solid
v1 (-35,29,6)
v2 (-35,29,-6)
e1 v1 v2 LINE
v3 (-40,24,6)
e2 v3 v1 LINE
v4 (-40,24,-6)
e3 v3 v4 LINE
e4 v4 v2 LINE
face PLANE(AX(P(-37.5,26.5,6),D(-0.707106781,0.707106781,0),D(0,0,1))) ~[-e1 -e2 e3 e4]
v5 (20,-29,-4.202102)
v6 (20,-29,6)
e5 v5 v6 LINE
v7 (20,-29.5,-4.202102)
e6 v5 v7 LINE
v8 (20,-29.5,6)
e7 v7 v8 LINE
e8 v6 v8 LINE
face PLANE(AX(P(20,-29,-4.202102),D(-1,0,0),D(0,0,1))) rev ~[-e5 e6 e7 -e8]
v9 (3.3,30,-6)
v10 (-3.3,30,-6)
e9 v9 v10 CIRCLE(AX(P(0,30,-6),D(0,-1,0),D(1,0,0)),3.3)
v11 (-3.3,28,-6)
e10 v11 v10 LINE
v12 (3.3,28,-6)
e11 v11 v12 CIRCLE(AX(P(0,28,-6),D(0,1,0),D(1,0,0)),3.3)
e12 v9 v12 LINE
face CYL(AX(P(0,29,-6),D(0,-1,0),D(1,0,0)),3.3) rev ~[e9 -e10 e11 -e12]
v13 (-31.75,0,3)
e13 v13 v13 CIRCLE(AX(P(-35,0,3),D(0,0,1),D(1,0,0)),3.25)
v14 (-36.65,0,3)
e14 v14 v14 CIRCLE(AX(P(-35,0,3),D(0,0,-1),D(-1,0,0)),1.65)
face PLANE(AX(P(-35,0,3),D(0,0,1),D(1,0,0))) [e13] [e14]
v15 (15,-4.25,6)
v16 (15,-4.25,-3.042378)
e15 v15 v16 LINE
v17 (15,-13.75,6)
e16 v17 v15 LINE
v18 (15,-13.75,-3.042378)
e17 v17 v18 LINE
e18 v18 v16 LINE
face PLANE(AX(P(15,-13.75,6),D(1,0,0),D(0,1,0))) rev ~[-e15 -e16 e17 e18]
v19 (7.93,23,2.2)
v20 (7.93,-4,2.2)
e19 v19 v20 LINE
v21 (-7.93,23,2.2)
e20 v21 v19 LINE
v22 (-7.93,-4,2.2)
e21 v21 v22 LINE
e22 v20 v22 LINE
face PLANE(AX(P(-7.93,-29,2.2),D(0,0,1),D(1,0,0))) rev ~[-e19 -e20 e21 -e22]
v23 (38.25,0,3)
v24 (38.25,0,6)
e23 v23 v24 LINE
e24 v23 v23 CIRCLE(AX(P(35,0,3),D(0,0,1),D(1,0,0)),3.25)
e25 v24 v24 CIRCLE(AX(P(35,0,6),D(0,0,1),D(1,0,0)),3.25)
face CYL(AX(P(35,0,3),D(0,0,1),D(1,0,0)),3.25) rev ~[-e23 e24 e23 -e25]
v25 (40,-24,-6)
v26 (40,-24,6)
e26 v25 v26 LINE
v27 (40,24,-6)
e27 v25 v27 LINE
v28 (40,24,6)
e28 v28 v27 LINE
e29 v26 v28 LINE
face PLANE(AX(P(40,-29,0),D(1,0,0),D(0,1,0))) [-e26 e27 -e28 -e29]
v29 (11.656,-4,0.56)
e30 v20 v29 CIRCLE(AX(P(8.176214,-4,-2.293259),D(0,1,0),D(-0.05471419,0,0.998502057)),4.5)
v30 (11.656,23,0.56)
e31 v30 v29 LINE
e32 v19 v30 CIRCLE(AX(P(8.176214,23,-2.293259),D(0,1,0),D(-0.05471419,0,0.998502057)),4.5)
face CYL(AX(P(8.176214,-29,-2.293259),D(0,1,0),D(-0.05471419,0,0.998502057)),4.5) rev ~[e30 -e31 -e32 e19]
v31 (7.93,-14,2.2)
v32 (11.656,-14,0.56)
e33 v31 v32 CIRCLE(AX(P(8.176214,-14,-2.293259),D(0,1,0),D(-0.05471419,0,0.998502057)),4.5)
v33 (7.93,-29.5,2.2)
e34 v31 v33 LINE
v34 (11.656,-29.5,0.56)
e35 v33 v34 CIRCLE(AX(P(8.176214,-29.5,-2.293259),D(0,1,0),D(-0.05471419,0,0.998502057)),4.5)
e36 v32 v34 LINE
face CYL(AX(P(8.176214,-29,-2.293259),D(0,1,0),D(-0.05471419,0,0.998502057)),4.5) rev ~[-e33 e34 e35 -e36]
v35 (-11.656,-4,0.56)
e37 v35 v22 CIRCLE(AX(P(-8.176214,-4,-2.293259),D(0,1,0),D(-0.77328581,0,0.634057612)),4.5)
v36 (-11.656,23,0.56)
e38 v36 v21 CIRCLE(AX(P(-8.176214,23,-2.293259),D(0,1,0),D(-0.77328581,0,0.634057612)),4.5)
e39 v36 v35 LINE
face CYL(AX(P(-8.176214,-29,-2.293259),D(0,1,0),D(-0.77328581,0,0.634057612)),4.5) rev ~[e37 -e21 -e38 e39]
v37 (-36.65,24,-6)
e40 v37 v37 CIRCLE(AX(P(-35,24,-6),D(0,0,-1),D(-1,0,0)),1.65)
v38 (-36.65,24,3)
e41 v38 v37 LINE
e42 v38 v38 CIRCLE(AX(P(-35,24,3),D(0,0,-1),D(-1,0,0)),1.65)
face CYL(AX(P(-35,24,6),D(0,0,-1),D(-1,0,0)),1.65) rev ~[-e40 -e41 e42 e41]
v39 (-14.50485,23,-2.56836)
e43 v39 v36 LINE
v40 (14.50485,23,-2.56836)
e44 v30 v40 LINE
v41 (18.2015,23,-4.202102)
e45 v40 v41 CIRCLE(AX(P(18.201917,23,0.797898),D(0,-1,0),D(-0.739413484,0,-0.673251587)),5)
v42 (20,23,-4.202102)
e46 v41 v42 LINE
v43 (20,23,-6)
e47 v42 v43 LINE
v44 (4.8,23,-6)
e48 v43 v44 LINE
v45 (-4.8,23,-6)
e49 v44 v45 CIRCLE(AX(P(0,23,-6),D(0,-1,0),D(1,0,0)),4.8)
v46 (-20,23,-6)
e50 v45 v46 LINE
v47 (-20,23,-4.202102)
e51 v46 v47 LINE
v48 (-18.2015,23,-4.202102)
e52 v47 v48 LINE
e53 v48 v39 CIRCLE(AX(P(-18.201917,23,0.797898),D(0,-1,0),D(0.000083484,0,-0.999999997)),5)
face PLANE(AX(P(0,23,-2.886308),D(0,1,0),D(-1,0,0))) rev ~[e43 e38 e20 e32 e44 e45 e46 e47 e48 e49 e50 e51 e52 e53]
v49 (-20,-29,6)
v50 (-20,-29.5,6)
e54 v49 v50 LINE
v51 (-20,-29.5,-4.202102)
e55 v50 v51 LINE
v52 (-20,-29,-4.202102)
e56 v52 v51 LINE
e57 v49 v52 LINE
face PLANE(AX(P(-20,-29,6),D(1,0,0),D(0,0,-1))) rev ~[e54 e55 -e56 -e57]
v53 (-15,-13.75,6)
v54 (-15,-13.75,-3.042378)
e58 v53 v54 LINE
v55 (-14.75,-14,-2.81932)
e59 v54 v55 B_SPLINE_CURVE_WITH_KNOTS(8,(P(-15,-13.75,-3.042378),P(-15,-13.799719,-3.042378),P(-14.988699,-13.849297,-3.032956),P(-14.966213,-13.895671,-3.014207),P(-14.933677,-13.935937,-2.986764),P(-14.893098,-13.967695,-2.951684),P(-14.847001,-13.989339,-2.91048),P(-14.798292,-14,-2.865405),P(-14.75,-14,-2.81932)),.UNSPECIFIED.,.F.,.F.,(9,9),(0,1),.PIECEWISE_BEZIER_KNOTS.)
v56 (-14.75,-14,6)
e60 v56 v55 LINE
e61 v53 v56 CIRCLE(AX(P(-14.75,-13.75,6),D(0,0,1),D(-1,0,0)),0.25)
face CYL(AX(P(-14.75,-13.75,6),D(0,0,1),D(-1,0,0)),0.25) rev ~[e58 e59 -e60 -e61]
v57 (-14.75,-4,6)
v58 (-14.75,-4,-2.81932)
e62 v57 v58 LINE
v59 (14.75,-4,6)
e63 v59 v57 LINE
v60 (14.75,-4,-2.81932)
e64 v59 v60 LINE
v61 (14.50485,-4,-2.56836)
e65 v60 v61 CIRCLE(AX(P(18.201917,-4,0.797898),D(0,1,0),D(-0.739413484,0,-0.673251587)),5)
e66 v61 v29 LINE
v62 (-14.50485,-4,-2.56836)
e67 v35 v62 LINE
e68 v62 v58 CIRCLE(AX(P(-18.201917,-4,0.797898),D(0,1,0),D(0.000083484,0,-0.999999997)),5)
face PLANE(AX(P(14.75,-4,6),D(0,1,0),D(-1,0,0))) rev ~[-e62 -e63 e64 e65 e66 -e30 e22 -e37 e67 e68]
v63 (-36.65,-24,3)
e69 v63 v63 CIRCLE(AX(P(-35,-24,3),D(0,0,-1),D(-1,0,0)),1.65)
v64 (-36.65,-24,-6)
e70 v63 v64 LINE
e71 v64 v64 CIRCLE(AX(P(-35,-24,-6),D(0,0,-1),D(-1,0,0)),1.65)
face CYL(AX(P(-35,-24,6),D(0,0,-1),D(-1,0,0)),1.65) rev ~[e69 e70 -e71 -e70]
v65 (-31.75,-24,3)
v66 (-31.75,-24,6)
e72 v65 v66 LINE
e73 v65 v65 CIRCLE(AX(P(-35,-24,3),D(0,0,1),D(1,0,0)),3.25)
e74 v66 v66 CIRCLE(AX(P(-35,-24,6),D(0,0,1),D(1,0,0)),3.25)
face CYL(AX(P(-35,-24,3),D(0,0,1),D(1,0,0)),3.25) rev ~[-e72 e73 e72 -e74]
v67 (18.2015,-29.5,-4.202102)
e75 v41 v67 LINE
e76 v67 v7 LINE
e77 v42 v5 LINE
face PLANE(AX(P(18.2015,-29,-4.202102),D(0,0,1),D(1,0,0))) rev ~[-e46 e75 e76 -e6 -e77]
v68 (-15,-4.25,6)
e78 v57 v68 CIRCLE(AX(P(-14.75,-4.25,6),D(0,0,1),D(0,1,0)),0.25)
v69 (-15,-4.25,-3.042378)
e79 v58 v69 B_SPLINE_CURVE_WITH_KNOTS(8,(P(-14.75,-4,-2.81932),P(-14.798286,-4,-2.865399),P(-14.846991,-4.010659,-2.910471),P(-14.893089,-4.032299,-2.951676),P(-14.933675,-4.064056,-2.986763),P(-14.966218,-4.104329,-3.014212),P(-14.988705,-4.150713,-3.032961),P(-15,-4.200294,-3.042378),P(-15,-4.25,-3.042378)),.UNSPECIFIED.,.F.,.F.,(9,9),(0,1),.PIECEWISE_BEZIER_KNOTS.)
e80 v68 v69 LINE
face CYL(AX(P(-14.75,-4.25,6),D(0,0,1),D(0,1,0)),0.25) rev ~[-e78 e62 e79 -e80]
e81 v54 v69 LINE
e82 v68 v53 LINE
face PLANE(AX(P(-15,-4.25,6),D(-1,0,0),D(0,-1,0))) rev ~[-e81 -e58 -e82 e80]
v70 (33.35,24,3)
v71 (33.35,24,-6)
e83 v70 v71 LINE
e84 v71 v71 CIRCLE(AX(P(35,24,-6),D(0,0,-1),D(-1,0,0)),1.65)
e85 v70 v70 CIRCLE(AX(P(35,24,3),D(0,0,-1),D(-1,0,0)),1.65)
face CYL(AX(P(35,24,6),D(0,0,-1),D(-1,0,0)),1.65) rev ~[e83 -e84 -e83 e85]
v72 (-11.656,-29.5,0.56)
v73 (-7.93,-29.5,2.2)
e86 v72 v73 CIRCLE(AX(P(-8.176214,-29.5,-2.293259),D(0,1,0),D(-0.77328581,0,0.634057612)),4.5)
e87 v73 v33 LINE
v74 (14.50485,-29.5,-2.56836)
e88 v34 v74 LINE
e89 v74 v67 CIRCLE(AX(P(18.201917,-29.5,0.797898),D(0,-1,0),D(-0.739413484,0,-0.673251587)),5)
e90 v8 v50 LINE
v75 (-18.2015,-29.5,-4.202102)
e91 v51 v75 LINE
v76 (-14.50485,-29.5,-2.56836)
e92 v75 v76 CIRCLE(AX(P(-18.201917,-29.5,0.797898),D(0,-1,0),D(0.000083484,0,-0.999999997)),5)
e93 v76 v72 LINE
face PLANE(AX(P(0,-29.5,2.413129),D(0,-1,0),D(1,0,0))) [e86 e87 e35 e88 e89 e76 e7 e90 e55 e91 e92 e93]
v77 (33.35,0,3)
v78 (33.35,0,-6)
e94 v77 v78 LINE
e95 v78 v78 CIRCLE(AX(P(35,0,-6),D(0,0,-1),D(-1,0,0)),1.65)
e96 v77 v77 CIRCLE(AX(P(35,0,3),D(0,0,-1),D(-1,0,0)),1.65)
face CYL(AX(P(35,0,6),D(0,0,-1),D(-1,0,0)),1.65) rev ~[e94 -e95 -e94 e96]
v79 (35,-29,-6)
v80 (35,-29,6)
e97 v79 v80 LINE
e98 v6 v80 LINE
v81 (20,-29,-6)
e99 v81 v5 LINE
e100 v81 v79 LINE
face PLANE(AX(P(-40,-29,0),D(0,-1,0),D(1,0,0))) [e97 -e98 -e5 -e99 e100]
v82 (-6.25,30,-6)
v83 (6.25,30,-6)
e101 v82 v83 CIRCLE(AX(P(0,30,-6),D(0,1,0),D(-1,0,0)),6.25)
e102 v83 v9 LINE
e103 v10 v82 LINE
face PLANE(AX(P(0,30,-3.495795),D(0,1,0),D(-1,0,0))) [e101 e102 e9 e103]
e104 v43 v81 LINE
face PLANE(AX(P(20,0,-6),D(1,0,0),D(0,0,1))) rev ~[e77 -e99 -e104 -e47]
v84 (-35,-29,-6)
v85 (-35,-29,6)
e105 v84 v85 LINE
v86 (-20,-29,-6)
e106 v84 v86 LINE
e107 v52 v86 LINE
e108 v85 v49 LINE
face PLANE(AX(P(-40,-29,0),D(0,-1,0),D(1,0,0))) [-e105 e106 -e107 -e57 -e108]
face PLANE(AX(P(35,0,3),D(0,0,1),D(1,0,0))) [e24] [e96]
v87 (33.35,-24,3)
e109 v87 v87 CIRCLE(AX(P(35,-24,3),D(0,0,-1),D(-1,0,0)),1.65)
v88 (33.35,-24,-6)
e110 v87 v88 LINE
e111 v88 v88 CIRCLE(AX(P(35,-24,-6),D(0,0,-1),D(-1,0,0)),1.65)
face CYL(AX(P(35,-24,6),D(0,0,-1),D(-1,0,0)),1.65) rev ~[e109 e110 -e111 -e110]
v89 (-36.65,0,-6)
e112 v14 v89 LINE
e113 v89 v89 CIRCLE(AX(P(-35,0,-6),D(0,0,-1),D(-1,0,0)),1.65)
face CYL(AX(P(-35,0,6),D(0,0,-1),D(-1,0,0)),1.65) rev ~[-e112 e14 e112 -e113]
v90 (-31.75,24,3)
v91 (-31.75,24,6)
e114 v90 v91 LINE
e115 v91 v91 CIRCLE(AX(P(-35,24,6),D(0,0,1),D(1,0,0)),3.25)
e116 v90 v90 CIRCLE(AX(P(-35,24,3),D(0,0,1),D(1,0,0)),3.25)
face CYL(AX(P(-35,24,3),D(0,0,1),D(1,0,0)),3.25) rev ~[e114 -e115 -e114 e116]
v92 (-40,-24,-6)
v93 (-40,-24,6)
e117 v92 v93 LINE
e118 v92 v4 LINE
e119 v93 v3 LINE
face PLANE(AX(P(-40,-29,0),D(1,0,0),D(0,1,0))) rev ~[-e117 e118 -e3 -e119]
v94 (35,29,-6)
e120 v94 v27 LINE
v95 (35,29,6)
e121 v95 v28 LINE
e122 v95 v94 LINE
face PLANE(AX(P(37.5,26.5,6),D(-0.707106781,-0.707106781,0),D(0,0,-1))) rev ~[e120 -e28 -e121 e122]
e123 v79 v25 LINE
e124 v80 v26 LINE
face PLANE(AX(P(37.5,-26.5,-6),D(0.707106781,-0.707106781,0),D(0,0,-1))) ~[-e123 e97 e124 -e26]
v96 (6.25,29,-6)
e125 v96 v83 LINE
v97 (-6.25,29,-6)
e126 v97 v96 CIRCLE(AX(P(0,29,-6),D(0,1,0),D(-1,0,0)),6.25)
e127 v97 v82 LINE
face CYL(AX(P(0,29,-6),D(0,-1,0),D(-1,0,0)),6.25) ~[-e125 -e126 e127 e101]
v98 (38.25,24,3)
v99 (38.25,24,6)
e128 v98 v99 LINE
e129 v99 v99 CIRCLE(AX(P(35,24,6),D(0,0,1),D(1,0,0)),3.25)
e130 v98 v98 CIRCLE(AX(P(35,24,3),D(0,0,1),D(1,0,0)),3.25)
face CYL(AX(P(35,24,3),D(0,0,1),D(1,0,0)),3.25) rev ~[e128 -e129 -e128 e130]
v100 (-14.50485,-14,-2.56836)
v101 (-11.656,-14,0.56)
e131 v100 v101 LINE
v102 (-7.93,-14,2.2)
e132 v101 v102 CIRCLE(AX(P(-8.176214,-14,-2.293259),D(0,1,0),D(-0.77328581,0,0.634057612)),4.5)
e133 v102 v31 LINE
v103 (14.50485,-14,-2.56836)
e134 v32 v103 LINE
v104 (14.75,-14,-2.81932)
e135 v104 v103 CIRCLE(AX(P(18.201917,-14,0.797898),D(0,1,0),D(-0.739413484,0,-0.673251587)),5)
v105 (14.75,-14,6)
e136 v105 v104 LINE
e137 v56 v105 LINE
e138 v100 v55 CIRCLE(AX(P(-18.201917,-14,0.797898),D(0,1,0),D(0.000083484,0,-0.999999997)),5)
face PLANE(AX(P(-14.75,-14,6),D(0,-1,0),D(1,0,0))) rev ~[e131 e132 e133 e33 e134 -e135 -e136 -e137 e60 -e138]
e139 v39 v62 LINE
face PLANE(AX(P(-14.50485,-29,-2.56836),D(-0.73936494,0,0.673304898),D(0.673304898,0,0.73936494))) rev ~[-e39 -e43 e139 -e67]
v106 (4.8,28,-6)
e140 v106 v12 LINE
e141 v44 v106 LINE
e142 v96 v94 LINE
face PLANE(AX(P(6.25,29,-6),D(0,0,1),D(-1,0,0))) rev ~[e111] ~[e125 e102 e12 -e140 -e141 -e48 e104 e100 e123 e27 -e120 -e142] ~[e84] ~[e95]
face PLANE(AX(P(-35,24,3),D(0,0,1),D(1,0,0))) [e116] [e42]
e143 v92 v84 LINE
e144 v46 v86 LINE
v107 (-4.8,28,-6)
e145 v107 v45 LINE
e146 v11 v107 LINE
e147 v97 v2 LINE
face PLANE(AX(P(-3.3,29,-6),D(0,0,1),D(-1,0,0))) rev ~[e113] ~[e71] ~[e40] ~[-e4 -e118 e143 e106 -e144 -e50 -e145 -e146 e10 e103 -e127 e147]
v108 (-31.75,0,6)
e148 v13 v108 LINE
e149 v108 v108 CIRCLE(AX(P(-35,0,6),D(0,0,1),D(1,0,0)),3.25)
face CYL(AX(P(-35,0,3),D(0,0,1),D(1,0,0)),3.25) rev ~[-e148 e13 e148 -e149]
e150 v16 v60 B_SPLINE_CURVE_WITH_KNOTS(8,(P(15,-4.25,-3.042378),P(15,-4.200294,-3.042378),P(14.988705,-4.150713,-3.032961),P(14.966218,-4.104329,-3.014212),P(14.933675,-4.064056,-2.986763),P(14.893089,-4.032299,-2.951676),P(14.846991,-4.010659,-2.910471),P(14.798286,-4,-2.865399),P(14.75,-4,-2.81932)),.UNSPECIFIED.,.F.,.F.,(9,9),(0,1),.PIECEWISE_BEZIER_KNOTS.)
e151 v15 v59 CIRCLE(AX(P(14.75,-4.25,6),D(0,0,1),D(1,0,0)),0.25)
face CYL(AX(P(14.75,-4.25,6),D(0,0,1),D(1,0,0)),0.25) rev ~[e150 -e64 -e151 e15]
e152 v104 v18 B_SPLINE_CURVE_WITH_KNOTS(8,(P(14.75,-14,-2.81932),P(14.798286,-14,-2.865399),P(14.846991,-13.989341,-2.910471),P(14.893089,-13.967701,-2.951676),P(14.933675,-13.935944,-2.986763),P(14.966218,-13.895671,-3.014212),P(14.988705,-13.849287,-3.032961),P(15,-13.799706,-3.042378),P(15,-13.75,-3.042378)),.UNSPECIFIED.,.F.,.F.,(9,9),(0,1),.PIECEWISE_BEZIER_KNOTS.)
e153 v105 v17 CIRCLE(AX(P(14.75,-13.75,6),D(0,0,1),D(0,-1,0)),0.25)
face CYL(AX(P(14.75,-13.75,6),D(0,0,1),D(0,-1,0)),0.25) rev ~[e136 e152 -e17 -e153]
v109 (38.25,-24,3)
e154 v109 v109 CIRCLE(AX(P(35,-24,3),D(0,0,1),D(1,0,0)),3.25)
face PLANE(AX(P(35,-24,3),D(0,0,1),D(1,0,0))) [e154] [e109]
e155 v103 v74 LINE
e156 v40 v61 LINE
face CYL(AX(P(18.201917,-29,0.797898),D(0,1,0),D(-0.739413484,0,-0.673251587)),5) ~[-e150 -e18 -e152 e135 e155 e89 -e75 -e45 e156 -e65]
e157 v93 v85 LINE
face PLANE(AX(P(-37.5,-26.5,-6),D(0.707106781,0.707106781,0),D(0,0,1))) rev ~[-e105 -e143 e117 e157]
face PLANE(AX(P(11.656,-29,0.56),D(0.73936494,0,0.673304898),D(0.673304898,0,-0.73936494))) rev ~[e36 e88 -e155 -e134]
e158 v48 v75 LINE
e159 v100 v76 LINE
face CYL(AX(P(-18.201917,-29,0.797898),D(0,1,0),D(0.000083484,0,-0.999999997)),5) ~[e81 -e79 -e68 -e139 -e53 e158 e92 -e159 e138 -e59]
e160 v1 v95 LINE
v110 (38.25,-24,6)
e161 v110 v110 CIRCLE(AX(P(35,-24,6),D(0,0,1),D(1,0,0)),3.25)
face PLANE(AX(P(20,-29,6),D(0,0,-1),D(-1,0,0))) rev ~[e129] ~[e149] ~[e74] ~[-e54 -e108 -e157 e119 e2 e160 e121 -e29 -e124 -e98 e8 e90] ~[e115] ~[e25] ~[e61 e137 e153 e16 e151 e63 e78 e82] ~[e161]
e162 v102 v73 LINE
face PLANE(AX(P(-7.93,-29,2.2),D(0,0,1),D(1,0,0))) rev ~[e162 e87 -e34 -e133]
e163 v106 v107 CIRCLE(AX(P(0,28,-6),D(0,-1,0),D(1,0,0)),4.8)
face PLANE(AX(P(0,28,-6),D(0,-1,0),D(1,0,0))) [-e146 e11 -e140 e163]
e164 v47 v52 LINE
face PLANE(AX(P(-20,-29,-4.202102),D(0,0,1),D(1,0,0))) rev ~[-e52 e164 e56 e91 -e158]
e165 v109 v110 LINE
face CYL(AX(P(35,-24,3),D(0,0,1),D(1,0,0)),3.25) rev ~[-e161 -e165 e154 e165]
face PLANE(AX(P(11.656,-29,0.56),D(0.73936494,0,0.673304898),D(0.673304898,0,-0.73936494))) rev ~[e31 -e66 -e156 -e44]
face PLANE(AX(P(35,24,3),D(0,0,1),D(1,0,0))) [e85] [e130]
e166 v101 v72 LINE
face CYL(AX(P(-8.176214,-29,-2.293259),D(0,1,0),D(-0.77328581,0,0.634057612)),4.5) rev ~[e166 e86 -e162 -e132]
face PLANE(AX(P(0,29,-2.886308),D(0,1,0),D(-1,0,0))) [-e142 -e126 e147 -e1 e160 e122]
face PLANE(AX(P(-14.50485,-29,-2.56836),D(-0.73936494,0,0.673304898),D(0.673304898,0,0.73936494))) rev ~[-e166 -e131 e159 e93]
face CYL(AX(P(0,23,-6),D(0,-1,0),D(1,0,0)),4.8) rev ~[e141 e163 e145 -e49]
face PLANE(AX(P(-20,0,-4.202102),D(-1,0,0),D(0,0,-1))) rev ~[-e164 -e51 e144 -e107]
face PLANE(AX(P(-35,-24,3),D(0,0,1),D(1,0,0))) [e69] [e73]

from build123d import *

# Parameters (mm, degrees)
F0_W           = 80
F0_H           = 58
F1_DEPTH       = 6
F3_DEPTH       = 60
F4_SIZE        = 5
F6_D           = 3.3
F6_CBORE_D     = 6.5
F6_CBORE_DEPTH = 3
F8_DEPTH       = 0.5
F10_DEPTH      = 6
F11_R          = 4.8
F12_DEPTH      = 5
F14_DEPTH      = 1
F16_DEPTH      = 12.001


with BuildPart() as f1:
    # F0 (on Top) → F1 (new body, symmetric)
    with BuildSketch(Plane.XY):
        Rectangle(F0_W, F0_H)
    extrude(amount=F1_DEPTH, both=True)

    # F2 (on Front) → F3 (cut, symmetric)
    with BuildSketch(Plane.XZ):
        with BuildLine():
            ThreePointArc((-14.50485, -2.5683595528), (-16.1807477573, -3.7753797852), (-18.2015, -4.2021016015))
            Line((-18.2015, -4.2021016015), (-20, -4.2021016015))
            Line((-20, -4.2021016015), (-20, -6))
            Line((-20, -6), (20, -6))
            Line((20, -6), (20, -4.2021016015))
            Line((20, -4.2021016015), (18.2015, -4.2021016015))
            ThreePointArc((18.2015, -4.2021016015), (16.1807477573, -3.7753797852), (14.50485, -2.5683595528))
            Line((14.50485, -2.5683595528), (11.656, 0.56))
            ThreePointArc((11.656, 0.56), (9.9890562195, 1.8254301669), (7.93, 2.2))
            Line((7.93, 2.2), (-7.93, 2.2))
            ThreePointArc((-7.93, 2.2), (-9.9890562195, 1.8254301669), (-11.656, 0.56))
            Line((-11.656, 0.56), (-14.50485, -2.5683595528))
        make_face()
    extrude(amount=F3_DEPTH, both=True, mode=Mode.SUBTRACT)

    # F4
    f4_edges = [f1.edges().sort_by_distance(p)[0] for p in [
        (-40, 29, 0),
        (-40, -29, 0),
        (40, -29, 0),
        (40, 29, 0),
    ]]
    chamfer(f4_edges, length=F4_SIZE)

    # F6 (through all)
    with Locations(Plane.XY.offset(6)):
        with Locations((-35, 24), (35, 24), (35, 0), (35, -24), (-35, -24), (-35, 0)):
            CounterBoreHole(F6_D / 2, F6_CBORE_D / 2, F6_CBORE_DEPTH)

    # F7 (on face) → F8 (join)
    with BuildSketch(Plane.XZ.offset(29)):
        with BuildLine():
            Line((-20, 6), (-20, -4.2021016015))
            Line((-20, -4.2021016015), (-18.2015, -4.2021016015))
            ThreePointArc((-18.2015, -4.2021016015), (-16.1807477573, -3.7753797852), (-14.50485, -2.5683595528))
            Line((-14.50485, -2.5683595528), (-11.656, 0.56))
            ThreePointArc((-11.656, 0.56), (-9.9890562195, 1.8254301669), (-7.93, 2.2))
            Line((-7.93, 2.2), (7.93, 2.2))
            ThreePointArc((7.93, 2.2), (9.9890562195, 1.8254301669), (11.656, 0.56))
            Line((11.656, 0.56), (14.50485, -2.5683595528))
            ThreePointArc((14.50485, -2.5683595528), (16.1807477573, -3.7753797852), (18.2015, -4.2021016015))
            Line((18.2015, -4.2021016015), (20, -4.2021016015))
            Line((20, -4.2021016015), (20, 6))
            Line((20, 6), (-20, 6))
        make_face()
    extrude(amount=F8_DEPTH)

    # F9 (on face) → F10 (join)
    with BuildSketch(Plane(origin=(0, 29, 0), x_dir=(-1, 0, 0), z_dir=(0, 1, 0))):
        with BuildLine():
            Line((-20, -4.2021016015), (-20, -6))
            Line((-20, -6), (-3.3, -6))
            ThreePointArc((-3.3, -6), (0, -2.7), (3.3, -6))
            Line((3.3, -6), (20, -6))
            Line((20, -6), (20, -4.2021016015))
            Line((20, -4.2021016015), (18.2015, -4.2021016015))
            ThreePointArc((18.2015, -4.2021016015), (16.1807477573, -3.7753797852), (14.50485, -2.5683595528))
            Line((14.50485, -2.5683595528), (11.656, 0.56))
            ThreePointArc((11.656, 0.56), (9.9890562195, 1.8254301669), (7.93, 2.2))
            Line((7.93, 2.2), (-7.93, 2.2))
            ThreePointArc((-7.93, 2.2), (-9.9890562195, 1.8254301669), (-11.656, 0.56))
            Line((-11.656, 0.56), (-14.50485, -2.5683595528))
            ThreePointArc((-14.50485, -2.5683595528), (-16.1807477573, -3.7753797852), (-18.2015, -4.2021016015))
            Line((-18.2015, -4.2021016015), (-20, -4.2021016015))
        make_face()
    extrude(amount=-F10_DEPTH)

    # F11 (on face) → F12 (cut)
    with BuildSketch(Plane.XZ.offset(-23)):
        with Locations((0, -6)):
            Circle(F11_R)
    extrude(amount=-F12_DEPTH, mode=Mode.SUBTRACT)

    # F13 (on face) → F14 (join)
    with BuildSketch(Plane(origin=(0, 29, 0), x_dir=(-1, 0, 0), z_dir=(0, 1, 0))):
        with BuildLine():
            ThreePointArc((-3.3, -6), (0, -2.7), (3.3, -6))
            Line((3.3, -6), (6.25, -6))
            ThreePointArc((6.25, -6), (0, 0.25), (-6.25, -6))
            Line((-6.25, -6), (-3.3, -6))
        make_face()
    extrude(amount=F14_DEPTH)

    # F15 (on face) → F16 (cut, through all)
    with BuildSketch(Plane.XY.offset(6)):
        with BuildLine():
            Line((14.75, -4), (-14.75, -4))
            ThreePointArc((-14.75, -4), (-14.9267766953, -4.0732233047), (-15, -4.25))
            Line((-15, -4.25), (-15, -13.75))
            ThreePointArc((-15, -13.75), (-14.9267766953, -13.9267766953), (-14.75, -14))
            Line((-14.75, -14), (14.75, -14))
            ThreePointArc((14.75, -14), (14.9267766953, -13.9267766953), (15, -13.75))
            Line((15, -13.75), (15, -4.25))
            ThreePointArc((15, -4.25), (14.9267766953, -4.0732233047), (14.75, -4))
        make_face()
    extrude(amount=-F16_DEPTH, mode=Mode.SUBTRACT)


solid = f1.part
